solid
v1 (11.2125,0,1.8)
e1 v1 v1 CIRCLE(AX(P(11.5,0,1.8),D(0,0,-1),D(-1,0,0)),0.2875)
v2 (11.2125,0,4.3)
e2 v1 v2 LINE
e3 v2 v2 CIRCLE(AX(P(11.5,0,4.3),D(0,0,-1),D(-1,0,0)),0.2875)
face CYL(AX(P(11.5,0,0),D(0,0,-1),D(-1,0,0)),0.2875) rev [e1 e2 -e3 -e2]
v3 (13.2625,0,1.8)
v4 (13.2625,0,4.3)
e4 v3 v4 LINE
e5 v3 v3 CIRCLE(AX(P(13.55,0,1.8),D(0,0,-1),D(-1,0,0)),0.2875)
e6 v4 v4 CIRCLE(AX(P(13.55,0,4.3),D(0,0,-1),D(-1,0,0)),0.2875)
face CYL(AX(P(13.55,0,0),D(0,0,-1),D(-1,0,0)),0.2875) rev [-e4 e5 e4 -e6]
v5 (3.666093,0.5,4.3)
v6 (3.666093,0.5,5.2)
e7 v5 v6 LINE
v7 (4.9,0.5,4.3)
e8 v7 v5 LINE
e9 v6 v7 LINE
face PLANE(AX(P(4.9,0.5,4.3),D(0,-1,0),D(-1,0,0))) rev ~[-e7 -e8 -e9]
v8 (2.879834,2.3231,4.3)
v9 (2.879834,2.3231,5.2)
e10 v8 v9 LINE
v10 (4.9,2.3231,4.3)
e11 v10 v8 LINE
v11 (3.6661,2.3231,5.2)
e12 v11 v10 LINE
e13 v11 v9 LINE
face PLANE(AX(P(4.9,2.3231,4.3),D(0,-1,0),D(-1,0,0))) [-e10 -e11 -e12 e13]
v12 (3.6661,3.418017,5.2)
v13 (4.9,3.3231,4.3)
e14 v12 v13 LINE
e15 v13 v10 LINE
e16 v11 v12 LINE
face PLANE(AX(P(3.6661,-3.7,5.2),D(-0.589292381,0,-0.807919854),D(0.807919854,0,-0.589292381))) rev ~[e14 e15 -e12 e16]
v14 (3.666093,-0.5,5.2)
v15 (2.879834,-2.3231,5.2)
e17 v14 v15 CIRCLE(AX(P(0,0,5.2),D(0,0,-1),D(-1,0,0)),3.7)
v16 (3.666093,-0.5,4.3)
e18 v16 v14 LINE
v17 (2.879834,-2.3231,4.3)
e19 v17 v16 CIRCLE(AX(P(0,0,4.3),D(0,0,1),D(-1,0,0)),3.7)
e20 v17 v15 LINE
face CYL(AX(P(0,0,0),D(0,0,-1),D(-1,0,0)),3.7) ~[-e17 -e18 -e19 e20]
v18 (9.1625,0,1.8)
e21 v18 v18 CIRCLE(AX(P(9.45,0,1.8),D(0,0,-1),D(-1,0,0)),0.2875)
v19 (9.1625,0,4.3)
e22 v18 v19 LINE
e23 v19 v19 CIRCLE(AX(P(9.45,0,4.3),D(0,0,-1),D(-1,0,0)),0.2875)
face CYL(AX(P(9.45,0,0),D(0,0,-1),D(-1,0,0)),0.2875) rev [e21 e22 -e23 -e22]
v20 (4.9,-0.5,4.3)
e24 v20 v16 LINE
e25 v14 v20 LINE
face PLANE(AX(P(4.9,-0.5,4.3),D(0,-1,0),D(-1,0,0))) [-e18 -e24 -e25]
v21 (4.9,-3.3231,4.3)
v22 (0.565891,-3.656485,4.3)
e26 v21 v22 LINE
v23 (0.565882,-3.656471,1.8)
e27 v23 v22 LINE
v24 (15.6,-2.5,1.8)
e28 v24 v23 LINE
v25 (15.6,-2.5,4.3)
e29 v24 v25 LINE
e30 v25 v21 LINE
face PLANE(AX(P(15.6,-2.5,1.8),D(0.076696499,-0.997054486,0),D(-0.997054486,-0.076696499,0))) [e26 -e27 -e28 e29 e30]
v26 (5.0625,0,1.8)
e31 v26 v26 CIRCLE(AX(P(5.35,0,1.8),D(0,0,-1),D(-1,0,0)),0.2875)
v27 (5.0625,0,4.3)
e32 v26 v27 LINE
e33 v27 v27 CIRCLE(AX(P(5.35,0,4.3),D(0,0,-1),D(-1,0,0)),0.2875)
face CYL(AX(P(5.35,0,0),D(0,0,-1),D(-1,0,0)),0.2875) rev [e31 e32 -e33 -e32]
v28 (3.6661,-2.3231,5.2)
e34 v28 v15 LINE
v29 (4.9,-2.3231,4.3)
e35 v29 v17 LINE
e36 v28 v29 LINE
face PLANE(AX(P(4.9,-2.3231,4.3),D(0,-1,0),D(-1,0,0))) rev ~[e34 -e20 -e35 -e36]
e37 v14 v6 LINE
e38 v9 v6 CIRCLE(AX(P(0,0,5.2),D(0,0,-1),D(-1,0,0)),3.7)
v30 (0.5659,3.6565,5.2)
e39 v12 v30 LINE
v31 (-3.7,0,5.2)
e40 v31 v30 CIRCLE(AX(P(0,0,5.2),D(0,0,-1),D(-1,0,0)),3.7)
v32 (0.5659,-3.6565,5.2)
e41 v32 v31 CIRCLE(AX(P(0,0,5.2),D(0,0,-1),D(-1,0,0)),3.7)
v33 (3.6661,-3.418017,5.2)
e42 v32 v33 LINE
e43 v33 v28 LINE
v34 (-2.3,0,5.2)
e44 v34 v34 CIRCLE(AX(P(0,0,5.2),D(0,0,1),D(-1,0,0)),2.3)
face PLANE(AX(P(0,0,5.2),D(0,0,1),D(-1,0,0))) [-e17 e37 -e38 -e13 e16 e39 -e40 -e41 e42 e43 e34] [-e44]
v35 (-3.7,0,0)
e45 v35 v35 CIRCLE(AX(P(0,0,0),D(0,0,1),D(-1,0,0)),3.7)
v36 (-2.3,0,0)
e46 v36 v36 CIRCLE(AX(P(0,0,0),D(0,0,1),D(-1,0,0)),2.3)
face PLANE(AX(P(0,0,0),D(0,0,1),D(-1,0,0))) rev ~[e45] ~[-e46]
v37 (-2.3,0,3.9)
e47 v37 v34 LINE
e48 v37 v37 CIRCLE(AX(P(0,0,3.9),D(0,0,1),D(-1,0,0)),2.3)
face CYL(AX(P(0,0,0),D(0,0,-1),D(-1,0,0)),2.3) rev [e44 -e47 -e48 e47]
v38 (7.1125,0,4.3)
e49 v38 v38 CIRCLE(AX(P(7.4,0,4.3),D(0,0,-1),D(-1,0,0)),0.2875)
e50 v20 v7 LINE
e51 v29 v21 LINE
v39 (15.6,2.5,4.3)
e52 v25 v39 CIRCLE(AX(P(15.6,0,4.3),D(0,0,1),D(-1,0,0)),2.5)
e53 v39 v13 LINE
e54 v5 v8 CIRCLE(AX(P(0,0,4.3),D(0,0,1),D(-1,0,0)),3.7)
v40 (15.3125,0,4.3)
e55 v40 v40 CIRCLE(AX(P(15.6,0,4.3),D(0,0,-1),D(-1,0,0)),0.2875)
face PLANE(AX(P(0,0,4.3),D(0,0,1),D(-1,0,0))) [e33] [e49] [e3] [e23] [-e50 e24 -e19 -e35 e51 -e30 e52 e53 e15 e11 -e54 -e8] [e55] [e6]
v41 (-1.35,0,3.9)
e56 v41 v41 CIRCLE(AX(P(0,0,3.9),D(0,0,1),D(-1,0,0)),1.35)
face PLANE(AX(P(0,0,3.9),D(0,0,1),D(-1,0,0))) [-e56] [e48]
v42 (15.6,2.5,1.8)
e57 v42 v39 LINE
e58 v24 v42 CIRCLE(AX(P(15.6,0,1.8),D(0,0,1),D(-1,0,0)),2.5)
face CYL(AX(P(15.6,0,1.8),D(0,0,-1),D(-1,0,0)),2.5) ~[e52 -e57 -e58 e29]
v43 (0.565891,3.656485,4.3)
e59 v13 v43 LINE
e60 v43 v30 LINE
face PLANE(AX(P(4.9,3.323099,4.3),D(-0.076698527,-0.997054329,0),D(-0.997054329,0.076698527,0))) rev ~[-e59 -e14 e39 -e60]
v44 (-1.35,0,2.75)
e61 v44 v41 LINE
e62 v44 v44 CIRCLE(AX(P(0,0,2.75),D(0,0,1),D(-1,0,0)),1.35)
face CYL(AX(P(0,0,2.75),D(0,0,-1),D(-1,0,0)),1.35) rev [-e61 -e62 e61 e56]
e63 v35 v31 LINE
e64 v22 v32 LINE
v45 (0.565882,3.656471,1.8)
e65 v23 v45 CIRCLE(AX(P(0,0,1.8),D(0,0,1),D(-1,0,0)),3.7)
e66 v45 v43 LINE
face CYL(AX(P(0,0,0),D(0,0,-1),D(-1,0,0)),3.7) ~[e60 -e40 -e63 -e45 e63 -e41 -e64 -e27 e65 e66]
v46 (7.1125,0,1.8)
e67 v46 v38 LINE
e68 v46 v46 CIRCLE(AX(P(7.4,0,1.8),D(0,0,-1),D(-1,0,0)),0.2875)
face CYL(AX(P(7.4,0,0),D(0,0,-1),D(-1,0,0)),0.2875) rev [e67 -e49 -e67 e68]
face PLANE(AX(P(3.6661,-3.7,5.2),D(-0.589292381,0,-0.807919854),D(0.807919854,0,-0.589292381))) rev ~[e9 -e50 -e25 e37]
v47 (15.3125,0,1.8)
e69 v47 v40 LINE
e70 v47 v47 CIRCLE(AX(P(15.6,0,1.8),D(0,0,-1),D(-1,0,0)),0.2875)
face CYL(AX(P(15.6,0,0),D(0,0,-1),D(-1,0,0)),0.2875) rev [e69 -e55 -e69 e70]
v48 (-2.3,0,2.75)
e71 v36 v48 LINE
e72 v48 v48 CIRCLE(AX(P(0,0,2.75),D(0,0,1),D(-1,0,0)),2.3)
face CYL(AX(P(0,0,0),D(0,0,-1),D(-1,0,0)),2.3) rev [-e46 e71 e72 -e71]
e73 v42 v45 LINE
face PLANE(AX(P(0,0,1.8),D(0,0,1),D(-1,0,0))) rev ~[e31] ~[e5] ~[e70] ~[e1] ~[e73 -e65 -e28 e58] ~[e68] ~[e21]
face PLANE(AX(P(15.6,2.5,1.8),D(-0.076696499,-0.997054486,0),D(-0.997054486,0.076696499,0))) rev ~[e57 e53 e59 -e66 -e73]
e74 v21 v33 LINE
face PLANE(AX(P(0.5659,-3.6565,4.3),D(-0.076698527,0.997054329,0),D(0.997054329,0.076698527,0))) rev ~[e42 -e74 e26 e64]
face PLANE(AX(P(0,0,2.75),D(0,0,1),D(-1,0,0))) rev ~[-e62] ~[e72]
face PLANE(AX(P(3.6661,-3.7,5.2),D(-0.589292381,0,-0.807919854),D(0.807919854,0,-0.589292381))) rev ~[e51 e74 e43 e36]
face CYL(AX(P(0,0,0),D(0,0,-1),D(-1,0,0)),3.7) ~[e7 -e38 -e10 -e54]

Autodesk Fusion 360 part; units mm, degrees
sketch "Sketch4" plane through (0, 0, 0) normal (0, 0, 1) x (-1, 0, 0)
  circle A0 centre (-15.6, 0) radius 2.5
  line L0 (3.7, 0) -> (-18.1, 0) construction
  circle A1 centre (0, 0) radius 3.7
  line L1 (0, 0) -> (0, -3.7) construction
  line L2 (0, 0) -> (0, 3.7) construction
  line L3 (-15.6, 0) -> (-15.6, -2.5) construction
  line L4 (-15.6, 0) -> (-15.6, 2.5) construction
  line L5 (-15.6, -2.5) -> (0, -3.7)
  line L6 (-15.6, 2.5) -> (0, 3.7)
  circle A2 centre (0, 0) radius 1.35
  circle A3 centre (0, 0) radius 2.3
  circle A4 centre (-15.6, 0) radius 0.2875
  circle A5 centre (-13.55, 0) radius 0.2875
  circle A6 centre (-11.5, 0) radius 0.2875
  circle A7 centre (-9.45, 0) radius 0.2875
  circle A8 centre (-7.4, 0) radius 0.2875
  circle A9 centre (-5.35, 0) radius 0.2875
  point P0 (-15.6, 0)
  point P1 (-4.9, 0)
  dimension "d12" = 5
  dimension "d13" = 21.8
  dimension "d14" = 3.7
  dimension "d15" = 2.5
  dimension "d16" = 7.4
  dimension "d17" = 2.7
  dimension "d18" = 4.6
  dimension "d24" = 13.2
  dimension "d28" = 0.575
  dimension "d31" = -2.05
  dimension "d32" = 0
extrude "Extrude3" add sketch "Sketch4" along normal blind 5.2 contours A1 L5 L6 | A1 L6 | A1 L5
extrude "Extrude4" add sketch "Sketch4" along normal blind 2.5 from surface at 1.8 contours A0 | A0 A1 L5 L6 | A4 | A5 | A6 | A7 | A8 | A9
extrude "Extrude5" add sketch "Sketch4" along normal blind 1.15 from surface at 2.75 contours A3
extrude "Extrude6" cut sketch "Sketch4" along normal through all contours A4 | A5 | A6 | A7 | A8 | A9
sketch "Sketch5" plane through (0, 0, 4.3) normal (0, 0, 1) x (-1, 0, 0)
  circle A0 centre (-9.45, 0) radius 0.2875
  circle A1 centre (-15.6, 0) radius 0.2875
  circle A2 centre (-7.4, 0) radius 0.2875
  circle A3 centre (-11.5, 0) radius 0.2875
  circle A4 centre (-13.55, 0) radius 0.2875
  circle A5 centre (-5.35, 0) radius 0.2875
  line L0 (-15.6, -2.5) -> (-0.5659, -3.6565)
  arc A6 (-0.5659, 3.6565) -> (-0.5659, -3.6565) centre (0, 0) ccw
  line L1 (-0.5659, 3.6565) -> (-15.6, 2.5)
  arc A7 (-15.6, 2.5) -> (-15.6, -2.5) centre (-15.6, 0) ccw
  line L2 (3.7, 0) -> (-18.1, 0)
  line L3 (-4.9, 0) -> (-4.9, -3.3231) construction
  line L4 (-4.9, 0) -> (-4.9, 3.3231) construction
  line L5 (-4.9, -2.3231) -> (2.8798, -2.3231)
  line L6 (-4.9, -0.5) -> (3.6661, -0.5)
  line L7 (-4.9, 0.5) -> (3.6661, 0.5)
  line L8 (-4.9, 2.3231) -> (2.8798, 2.3231)
  line L9 (-4.9, -3.3231) -> (-4.9, -2.3231)
  line L10 (-4.9, -0.5) -> (-4.9, 0.5)
  line L11 (-4.9, 2.3231) -> (-4.9, 3.3231)
  point P0 (-4.9, 0)
  dimension "d34" = 1
  dimension "d35" = 0.5
  dimension "d36" = 0.5
  dimension "d37" = 1
extrude "Extrude7" add sketch "Sketch5" along normal up to surface (0.9 mm away) contours A6 L2 L7 L10 | A6 L2 L6 L10 | A6 L1 L8 L11 | L0 A6 L5 L9
ref_plane "WorkPlane1" through (4.283, -3.7, 4.75) normal (0, -1, 0) x (1, 0, 0)
sketch "Sketch7" plane through (0, -3.7, 0) normal (0, -1, 0) x (-1, 0, 0)
  line L0 (-4.9, -5.2) -> (-3.6661, -5.2)
  line L1 (-3.6661, -5.2) -> (-3.6661, -4.3)
  line L2 (-3.6661, -4.3) -> (-4.9, -4.3)
  line L3 (-4.9, -4.3) -> (-4.9, -5.2)
  line L4 (-3.6661, -5.2) -> (-4.9, -4.3)
extrude "Extrude8" cut sketch "Sketch7" against normal through all contours L0 L3 L4
equation "d14 = d16 / 2"
equation "d15 = d12 / 2"
equation "d36 = d35"
